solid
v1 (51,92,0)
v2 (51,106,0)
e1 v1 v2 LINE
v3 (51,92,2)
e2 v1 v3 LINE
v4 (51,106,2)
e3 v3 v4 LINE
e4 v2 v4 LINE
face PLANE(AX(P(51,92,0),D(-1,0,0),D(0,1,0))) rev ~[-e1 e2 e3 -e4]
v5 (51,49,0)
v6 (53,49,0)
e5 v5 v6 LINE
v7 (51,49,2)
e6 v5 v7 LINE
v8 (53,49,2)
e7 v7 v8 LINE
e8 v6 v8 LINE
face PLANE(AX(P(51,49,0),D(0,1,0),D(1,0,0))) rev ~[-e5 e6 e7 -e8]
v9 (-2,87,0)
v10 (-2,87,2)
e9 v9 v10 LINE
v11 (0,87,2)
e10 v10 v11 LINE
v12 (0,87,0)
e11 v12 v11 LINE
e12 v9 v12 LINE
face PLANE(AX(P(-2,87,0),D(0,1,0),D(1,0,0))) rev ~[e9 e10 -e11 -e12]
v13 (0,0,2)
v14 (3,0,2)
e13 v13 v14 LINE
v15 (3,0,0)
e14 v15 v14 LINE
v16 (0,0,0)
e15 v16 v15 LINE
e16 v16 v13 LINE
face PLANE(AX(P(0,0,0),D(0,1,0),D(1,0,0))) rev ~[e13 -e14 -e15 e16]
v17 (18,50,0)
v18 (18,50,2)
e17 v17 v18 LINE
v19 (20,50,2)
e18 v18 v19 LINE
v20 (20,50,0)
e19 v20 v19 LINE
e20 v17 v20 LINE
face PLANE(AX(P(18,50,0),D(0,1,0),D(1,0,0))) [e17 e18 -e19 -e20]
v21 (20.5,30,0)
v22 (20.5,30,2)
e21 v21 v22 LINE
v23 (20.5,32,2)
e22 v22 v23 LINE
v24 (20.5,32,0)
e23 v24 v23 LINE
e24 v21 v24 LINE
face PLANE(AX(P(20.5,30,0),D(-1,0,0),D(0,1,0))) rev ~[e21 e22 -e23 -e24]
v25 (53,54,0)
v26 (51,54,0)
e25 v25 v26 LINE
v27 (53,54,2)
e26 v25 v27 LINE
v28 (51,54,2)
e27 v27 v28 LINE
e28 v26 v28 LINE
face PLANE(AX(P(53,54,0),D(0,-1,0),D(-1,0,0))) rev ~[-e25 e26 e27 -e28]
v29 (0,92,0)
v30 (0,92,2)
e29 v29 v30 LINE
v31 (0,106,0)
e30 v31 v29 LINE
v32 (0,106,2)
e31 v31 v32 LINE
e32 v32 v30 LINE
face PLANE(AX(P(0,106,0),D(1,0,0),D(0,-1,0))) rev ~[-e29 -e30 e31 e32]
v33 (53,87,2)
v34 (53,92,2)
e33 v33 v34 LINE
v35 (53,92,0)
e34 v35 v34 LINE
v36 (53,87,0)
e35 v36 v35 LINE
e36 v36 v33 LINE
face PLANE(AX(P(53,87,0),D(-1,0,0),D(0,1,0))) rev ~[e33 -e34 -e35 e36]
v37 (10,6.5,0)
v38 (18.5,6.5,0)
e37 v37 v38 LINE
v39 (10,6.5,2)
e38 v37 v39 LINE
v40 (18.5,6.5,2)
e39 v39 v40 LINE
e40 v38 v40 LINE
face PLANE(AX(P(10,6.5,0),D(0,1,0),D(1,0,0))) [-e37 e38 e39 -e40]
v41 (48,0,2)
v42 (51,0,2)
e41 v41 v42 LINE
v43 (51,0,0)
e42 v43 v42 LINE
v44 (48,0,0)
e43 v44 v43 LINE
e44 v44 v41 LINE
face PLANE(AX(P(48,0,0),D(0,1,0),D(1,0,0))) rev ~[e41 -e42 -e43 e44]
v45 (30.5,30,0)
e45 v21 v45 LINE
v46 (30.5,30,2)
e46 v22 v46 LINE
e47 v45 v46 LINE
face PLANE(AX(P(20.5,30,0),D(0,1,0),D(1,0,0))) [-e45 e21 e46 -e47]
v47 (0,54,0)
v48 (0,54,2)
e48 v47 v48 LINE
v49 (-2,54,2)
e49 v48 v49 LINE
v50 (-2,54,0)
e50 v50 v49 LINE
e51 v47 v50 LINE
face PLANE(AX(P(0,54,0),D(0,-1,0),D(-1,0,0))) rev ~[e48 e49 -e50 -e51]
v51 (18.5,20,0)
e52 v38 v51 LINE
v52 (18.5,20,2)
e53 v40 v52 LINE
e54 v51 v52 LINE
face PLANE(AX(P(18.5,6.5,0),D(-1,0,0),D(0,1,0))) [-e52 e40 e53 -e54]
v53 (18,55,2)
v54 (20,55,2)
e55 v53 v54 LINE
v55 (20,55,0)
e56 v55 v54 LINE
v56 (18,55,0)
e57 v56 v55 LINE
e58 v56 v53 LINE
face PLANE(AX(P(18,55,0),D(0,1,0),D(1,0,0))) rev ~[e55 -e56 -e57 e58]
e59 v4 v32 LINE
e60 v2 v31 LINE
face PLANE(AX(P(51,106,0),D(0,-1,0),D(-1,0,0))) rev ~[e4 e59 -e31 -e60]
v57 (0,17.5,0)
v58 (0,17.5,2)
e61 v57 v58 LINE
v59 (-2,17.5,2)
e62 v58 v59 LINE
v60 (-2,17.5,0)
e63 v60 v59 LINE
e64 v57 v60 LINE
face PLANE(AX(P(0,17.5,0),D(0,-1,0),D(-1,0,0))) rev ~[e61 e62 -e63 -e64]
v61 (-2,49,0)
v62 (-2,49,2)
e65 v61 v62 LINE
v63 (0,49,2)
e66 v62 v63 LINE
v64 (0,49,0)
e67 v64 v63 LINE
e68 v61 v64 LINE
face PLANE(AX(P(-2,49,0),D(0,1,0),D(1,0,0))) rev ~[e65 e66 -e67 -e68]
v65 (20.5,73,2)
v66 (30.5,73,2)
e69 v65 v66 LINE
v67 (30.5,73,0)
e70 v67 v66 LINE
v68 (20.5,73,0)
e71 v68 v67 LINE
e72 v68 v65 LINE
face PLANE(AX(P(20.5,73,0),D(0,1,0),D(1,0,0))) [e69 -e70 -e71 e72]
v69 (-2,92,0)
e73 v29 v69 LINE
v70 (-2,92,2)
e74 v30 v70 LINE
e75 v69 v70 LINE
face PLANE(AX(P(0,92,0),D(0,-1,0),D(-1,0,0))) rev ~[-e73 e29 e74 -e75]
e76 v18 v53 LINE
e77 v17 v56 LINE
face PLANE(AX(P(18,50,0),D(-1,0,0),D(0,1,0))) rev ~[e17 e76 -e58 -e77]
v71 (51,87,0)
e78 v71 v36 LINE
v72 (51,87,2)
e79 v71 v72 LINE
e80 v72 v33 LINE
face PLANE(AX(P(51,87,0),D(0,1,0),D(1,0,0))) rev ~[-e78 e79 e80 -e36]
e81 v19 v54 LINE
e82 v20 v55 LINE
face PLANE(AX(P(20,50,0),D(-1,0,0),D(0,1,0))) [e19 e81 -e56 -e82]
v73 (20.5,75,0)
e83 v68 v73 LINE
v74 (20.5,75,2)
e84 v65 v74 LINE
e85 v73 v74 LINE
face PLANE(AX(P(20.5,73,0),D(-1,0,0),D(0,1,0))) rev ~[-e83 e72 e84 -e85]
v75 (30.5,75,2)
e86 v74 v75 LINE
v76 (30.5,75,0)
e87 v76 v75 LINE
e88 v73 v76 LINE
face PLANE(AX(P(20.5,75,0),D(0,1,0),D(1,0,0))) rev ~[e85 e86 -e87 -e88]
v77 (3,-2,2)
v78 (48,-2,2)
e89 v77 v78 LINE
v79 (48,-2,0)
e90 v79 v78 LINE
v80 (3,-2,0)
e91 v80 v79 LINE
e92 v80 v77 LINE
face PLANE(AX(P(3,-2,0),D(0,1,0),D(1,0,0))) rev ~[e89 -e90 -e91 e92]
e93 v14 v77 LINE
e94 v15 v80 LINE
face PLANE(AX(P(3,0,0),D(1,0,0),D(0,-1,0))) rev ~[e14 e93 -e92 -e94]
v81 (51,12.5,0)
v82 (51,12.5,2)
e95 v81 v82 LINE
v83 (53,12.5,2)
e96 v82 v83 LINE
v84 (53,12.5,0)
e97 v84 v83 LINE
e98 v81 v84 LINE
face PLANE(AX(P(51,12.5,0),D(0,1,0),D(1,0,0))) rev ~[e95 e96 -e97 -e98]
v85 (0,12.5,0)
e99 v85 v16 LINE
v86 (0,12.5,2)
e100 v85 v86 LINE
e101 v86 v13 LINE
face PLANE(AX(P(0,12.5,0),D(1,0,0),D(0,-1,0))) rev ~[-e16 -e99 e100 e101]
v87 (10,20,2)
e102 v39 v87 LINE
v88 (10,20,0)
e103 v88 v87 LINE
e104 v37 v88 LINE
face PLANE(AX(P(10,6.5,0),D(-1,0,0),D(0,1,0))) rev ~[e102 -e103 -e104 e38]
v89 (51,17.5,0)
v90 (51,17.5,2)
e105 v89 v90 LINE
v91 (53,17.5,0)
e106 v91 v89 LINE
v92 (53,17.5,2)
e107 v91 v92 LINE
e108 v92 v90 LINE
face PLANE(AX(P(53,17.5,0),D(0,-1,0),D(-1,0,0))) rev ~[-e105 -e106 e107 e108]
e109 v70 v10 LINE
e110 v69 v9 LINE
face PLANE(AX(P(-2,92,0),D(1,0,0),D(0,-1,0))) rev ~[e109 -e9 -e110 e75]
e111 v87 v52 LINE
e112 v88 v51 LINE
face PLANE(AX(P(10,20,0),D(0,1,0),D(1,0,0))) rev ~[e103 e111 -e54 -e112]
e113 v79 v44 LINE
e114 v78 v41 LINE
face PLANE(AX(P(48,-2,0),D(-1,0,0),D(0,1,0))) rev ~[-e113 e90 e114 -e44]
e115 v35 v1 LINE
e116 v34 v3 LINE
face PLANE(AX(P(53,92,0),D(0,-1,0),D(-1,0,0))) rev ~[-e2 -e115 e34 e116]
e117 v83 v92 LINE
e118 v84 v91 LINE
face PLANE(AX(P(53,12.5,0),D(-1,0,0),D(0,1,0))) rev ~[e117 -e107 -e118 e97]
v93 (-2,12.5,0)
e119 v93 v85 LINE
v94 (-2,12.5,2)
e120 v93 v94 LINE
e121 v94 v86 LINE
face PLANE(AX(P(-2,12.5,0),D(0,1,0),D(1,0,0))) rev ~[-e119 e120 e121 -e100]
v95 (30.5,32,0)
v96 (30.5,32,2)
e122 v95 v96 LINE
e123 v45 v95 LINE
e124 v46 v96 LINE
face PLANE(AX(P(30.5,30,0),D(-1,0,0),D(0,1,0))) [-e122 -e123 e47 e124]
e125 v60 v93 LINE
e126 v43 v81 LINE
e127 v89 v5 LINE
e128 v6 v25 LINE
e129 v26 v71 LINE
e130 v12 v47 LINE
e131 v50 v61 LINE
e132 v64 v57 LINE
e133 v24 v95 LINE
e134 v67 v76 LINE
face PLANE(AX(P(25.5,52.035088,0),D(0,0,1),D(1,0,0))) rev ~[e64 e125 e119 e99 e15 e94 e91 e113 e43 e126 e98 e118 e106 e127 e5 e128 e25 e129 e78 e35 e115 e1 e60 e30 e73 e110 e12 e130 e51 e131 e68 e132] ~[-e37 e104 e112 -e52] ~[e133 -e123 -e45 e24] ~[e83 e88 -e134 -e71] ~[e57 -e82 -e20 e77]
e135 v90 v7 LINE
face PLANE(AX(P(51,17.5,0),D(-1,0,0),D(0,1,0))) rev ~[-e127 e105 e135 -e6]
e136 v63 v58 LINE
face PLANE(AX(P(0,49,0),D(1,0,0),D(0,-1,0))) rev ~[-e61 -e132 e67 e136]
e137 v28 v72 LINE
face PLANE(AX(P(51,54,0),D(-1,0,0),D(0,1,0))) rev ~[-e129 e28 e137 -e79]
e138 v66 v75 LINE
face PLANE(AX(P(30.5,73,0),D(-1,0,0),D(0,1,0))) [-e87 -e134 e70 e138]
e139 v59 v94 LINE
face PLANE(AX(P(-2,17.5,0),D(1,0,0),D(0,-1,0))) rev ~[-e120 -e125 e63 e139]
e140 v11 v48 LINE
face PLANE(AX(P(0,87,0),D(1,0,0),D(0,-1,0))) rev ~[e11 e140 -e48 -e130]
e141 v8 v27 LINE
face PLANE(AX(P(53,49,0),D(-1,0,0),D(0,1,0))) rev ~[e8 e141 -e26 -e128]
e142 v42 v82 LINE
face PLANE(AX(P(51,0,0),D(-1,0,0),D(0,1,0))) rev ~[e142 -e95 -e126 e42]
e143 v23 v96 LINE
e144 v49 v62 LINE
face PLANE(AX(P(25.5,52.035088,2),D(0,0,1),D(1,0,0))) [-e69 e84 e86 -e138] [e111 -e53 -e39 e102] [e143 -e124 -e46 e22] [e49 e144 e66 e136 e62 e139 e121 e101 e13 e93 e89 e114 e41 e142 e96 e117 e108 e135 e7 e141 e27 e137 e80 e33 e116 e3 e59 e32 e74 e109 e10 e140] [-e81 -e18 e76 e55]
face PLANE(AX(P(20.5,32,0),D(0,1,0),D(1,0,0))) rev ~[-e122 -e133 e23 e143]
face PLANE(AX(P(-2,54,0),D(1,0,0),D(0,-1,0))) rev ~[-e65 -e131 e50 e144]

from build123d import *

# Parameters (mm, degrees)
SKETCH1_W           = 10
SKETCH1_H           = 2
SKETCH1_W_2         = 2
SKETCH1_H_2         = 5
SKETCH1_W_3         = 8.5
SKETCH1_H_3         = 13.5
BOSS_EXTRUDE1_DEPTH = 2


with BuildPart() as part:
    # Sketch1 → Boss-Extrude1 (new body)
    with BuildSketch(Plane.XY):
        Polygon((0, 0), (3, 0), (3, -2), (48, -2), (48, 0), (51, 0), (51, 12.5), (53, 12.5), (53, 17.5), (51, 17.5), (51, 49), (53, 49), (53, 54), (51, 54), (51, 87), (53, 87), (53, 92), (51, 92), (51, 106), (0, 106), (0, 92), (-2, 92), (-2, 87), (0, 87), (0, 54), (-2, 54), (-2, 49), (0, 49), (0, 17.5), (-2, 17.5), (-2, 12.5), (0, 12.5), align=None)
        with Locations((25.5, 31)):
            Rectangle(SKETCH1_W, SKETCH1_H, mode=Mode.SUBTRACT)
        with Locations((25.5, 74)):
            Rectangle(SKETCH1_W, SKETCH1_H, mode=Mode.SUBTRACT)
        with Locations((19, 52.5)):
            Rectangle(SKETCH1_W_2, SKETCH1_H_2, mode=Mode.SUBTRACT)
        with Locations((14.25, 13.25)):
            Rectangle(SKETCH1_W_3, SKETCH1_H_3, mode=Mode.SUBTRACT)
    extrude(amount=BOSS_EXTRUDE1_DEPTH)


solid = part.part
